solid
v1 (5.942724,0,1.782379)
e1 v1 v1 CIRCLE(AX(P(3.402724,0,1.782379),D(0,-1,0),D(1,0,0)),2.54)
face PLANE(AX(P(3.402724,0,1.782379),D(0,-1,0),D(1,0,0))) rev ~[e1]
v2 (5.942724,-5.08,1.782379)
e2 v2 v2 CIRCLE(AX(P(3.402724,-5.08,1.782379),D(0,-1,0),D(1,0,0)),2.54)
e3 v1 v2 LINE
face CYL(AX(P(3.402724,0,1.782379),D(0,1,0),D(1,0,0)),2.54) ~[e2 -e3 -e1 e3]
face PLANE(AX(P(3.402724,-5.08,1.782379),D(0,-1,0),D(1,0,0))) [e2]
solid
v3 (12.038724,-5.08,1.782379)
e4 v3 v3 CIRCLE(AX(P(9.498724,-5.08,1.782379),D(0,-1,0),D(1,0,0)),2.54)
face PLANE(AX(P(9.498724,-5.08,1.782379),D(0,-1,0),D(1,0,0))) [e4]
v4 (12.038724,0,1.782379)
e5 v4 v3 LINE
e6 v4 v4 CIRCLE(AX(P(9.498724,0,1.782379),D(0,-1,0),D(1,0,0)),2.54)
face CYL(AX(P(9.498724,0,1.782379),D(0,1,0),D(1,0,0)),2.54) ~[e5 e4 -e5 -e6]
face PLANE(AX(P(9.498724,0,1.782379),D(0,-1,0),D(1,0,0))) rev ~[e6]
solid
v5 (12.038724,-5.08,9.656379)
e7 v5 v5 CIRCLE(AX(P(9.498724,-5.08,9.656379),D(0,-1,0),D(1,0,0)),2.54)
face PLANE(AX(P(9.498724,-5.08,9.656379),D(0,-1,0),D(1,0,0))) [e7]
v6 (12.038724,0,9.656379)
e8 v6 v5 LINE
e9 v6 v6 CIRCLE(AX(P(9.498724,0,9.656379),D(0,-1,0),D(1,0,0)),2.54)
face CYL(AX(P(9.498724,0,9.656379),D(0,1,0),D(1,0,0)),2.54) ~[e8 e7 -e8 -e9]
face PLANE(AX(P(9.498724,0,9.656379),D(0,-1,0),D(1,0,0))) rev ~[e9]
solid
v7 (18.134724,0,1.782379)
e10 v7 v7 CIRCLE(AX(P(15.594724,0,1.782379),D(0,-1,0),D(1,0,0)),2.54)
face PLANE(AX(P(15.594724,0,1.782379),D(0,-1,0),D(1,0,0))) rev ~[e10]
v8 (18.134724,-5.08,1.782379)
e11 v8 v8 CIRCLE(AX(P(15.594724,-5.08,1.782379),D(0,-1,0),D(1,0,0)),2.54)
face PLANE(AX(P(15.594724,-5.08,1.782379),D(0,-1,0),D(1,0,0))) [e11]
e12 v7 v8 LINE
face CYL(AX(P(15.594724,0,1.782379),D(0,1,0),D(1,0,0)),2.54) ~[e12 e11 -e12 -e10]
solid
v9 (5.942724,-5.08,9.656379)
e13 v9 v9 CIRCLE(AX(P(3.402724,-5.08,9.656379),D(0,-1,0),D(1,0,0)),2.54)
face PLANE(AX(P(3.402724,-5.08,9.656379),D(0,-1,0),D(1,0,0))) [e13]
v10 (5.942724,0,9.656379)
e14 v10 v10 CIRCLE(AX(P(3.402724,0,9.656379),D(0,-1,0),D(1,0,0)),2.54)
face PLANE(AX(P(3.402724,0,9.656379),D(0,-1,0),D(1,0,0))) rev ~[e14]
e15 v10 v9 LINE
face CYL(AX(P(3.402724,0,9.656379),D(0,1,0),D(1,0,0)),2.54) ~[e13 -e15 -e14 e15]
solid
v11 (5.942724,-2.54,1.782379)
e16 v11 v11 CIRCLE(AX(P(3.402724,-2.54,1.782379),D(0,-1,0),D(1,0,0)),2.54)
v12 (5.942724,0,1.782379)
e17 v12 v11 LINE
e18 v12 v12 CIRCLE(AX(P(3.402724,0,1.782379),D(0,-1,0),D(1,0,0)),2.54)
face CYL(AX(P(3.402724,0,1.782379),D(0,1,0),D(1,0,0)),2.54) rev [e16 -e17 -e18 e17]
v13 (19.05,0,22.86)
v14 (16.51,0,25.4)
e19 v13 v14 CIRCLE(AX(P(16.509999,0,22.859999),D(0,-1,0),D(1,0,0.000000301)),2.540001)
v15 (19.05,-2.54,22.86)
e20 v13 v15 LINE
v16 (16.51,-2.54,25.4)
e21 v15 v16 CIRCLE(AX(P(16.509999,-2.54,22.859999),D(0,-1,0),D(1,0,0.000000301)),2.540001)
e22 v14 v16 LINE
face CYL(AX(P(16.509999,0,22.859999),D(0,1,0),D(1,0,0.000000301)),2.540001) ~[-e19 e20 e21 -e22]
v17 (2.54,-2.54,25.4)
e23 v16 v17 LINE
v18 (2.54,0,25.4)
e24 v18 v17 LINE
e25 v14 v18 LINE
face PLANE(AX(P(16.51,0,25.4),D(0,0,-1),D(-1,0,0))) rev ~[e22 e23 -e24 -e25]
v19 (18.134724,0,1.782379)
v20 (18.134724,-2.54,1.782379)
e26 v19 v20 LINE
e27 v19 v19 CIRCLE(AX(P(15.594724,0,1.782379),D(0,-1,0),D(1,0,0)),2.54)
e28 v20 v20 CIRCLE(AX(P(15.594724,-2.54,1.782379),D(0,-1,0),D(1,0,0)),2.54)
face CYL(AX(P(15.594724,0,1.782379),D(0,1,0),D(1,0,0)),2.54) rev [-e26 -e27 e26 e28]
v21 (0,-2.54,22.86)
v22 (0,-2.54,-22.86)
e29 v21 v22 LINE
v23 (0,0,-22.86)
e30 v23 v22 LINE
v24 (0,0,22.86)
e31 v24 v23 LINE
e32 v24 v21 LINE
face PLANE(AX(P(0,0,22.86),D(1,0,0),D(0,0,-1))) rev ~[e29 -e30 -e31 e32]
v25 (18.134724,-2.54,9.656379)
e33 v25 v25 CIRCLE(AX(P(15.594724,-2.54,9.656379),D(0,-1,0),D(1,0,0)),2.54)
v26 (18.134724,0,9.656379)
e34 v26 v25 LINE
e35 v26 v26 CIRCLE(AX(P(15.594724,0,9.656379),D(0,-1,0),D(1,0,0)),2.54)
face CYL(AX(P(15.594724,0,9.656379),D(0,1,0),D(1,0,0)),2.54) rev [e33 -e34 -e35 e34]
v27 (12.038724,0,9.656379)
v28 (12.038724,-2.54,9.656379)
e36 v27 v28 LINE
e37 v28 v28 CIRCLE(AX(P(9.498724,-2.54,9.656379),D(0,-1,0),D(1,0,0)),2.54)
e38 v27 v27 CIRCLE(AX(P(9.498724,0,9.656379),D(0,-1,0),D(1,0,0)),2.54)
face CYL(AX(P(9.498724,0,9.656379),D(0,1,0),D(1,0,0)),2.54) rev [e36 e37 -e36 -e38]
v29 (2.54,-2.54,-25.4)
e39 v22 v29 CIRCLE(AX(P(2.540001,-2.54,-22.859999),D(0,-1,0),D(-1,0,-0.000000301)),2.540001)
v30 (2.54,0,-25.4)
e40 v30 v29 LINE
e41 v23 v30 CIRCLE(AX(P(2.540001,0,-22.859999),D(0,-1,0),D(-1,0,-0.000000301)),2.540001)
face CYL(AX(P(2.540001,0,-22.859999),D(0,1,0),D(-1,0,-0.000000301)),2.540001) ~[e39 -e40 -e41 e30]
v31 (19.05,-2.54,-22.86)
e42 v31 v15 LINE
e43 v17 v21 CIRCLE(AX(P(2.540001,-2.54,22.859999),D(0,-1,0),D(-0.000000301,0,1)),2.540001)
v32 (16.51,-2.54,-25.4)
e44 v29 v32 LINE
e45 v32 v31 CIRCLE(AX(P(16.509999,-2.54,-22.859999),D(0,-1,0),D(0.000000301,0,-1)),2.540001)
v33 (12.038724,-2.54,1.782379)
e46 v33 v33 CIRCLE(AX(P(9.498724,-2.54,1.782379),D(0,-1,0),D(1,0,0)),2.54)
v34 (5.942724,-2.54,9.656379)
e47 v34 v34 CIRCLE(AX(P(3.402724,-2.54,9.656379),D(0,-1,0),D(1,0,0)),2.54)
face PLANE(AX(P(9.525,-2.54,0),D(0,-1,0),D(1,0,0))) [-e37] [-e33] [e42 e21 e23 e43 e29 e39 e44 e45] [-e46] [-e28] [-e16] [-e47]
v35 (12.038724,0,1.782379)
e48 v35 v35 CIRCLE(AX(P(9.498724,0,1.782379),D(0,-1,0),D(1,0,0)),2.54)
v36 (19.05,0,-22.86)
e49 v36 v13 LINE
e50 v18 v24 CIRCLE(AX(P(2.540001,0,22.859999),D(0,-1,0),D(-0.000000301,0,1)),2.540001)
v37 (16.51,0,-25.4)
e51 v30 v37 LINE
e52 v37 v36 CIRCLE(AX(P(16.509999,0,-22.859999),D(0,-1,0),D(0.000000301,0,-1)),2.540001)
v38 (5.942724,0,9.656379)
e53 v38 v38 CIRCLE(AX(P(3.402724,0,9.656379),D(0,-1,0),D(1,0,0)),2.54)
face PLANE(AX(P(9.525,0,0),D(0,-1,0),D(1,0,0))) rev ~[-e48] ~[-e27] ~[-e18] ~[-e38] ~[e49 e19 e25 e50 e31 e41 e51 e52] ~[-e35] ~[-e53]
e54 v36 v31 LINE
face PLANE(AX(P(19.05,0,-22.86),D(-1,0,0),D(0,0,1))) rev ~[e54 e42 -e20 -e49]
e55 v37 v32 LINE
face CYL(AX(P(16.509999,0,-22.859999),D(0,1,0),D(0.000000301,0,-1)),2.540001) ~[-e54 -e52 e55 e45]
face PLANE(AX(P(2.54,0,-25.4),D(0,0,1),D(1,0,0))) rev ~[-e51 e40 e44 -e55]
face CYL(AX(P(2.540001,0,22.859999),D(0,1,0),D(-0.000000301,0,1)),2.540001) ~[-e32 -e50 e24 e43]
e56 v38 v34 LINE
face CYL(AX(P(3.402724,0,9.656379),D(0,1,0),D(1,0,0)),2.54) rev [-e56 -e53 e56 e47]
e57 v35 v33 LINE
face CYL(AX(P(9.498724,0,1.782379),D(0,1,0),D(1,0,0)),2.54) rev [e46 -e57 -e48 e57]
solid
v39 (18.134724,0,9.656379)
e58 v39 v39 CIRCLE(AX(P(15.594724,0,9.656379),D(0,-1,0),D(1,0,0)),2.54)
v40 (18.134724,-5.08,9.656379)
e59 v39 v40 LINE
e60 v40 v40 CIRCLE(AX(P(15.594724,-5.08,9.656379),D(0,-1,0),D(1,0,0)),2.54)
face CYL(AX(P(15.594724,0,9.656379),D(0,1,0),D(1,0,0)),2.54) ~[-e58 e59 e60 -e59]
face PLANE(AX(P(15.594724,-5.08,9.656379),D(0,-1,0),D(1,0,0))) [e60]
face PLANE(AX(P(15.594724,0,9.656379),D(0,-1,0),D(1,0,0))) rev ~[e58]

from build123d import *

# Parameters (mm, degrees)
F0_R     = 2.54
F1_DEPTH = 5.08
F2_DEPTH = 2.54


with BuildPart() as f1:
    # F0 (on Front) → F1 (new body)
    with BuildSketch(Plane.XZ):
        with Locations((3.402724, 9.656379)):
            Circle(F0_R)
        with Locations((9.498724, 9.656379)):
            Circle(F0_R)
        with Locations((15.594724, 9.656379)):
            Circle(F0_R)
        with Locations((15.594724, 1.782379)):
            Circle(F0_R)
        with Locations((9.498724, 1.782379)):
            Circle(F0_R)
        with Locations((3.402724, 1.782379)):
            Circle(F0_R)
    extrude(amount=F1_DEPTH)


with BuildPart() as f2:
    # F0 (on Front) → F2 (new body)
    with BuildSketch(Plane.XZ):
        with BuildLine():
            Line((16.51, 25.4), (2.54, 25.4))
            ThreePointArc((2.54, 25.4), (0.743949, 24.656051), (0, 22.86))
            Line((0, 22.86), (0, -22.86))
            ThreePointArc((0, -22.86), (0.743949, -24.656051), (2.54, -25.4))
            Line((2.54, -25.4), (16.51, -25.4))
            ThreePointArc((16.51, -25.4), (18.306051, -24.656051), (19.05, -22.86))
            Line((19.05, -22.86), (19.05, 22.86))
            ThreePointArc((19.05, 22.86), (18.306051, 24.656051), (16.51, 25.4))
        make_face()
        with Locations((3.402724, 1.782379)):
            Circle(F0_R, mode=Mode.SUBTRACT)
        with Locations((3.402724, 9.656379)):
            Circle(F0_R, mode=Mode.SUBTRACT)
        with Locations((9.498724, 1.782379)):
            Circle(F0_R, mode=Mode.SUBTRACT)
        with Locations((9.498724, 9.656379)):
            Circle(F0_R, mode=Mode.SUBTRACT)
        with Locations((15.594724, 1.782379)):
            Circle(F0_R, mode=Mode.SUBTRACT)
        with Locations((15.594724, 9.656379)):
            Circle(F0_R, mode=Mode.SUBTRACT)
    extrude(amount=F2_DEPTH)


solid = Compound([f1.part, f2.part])
